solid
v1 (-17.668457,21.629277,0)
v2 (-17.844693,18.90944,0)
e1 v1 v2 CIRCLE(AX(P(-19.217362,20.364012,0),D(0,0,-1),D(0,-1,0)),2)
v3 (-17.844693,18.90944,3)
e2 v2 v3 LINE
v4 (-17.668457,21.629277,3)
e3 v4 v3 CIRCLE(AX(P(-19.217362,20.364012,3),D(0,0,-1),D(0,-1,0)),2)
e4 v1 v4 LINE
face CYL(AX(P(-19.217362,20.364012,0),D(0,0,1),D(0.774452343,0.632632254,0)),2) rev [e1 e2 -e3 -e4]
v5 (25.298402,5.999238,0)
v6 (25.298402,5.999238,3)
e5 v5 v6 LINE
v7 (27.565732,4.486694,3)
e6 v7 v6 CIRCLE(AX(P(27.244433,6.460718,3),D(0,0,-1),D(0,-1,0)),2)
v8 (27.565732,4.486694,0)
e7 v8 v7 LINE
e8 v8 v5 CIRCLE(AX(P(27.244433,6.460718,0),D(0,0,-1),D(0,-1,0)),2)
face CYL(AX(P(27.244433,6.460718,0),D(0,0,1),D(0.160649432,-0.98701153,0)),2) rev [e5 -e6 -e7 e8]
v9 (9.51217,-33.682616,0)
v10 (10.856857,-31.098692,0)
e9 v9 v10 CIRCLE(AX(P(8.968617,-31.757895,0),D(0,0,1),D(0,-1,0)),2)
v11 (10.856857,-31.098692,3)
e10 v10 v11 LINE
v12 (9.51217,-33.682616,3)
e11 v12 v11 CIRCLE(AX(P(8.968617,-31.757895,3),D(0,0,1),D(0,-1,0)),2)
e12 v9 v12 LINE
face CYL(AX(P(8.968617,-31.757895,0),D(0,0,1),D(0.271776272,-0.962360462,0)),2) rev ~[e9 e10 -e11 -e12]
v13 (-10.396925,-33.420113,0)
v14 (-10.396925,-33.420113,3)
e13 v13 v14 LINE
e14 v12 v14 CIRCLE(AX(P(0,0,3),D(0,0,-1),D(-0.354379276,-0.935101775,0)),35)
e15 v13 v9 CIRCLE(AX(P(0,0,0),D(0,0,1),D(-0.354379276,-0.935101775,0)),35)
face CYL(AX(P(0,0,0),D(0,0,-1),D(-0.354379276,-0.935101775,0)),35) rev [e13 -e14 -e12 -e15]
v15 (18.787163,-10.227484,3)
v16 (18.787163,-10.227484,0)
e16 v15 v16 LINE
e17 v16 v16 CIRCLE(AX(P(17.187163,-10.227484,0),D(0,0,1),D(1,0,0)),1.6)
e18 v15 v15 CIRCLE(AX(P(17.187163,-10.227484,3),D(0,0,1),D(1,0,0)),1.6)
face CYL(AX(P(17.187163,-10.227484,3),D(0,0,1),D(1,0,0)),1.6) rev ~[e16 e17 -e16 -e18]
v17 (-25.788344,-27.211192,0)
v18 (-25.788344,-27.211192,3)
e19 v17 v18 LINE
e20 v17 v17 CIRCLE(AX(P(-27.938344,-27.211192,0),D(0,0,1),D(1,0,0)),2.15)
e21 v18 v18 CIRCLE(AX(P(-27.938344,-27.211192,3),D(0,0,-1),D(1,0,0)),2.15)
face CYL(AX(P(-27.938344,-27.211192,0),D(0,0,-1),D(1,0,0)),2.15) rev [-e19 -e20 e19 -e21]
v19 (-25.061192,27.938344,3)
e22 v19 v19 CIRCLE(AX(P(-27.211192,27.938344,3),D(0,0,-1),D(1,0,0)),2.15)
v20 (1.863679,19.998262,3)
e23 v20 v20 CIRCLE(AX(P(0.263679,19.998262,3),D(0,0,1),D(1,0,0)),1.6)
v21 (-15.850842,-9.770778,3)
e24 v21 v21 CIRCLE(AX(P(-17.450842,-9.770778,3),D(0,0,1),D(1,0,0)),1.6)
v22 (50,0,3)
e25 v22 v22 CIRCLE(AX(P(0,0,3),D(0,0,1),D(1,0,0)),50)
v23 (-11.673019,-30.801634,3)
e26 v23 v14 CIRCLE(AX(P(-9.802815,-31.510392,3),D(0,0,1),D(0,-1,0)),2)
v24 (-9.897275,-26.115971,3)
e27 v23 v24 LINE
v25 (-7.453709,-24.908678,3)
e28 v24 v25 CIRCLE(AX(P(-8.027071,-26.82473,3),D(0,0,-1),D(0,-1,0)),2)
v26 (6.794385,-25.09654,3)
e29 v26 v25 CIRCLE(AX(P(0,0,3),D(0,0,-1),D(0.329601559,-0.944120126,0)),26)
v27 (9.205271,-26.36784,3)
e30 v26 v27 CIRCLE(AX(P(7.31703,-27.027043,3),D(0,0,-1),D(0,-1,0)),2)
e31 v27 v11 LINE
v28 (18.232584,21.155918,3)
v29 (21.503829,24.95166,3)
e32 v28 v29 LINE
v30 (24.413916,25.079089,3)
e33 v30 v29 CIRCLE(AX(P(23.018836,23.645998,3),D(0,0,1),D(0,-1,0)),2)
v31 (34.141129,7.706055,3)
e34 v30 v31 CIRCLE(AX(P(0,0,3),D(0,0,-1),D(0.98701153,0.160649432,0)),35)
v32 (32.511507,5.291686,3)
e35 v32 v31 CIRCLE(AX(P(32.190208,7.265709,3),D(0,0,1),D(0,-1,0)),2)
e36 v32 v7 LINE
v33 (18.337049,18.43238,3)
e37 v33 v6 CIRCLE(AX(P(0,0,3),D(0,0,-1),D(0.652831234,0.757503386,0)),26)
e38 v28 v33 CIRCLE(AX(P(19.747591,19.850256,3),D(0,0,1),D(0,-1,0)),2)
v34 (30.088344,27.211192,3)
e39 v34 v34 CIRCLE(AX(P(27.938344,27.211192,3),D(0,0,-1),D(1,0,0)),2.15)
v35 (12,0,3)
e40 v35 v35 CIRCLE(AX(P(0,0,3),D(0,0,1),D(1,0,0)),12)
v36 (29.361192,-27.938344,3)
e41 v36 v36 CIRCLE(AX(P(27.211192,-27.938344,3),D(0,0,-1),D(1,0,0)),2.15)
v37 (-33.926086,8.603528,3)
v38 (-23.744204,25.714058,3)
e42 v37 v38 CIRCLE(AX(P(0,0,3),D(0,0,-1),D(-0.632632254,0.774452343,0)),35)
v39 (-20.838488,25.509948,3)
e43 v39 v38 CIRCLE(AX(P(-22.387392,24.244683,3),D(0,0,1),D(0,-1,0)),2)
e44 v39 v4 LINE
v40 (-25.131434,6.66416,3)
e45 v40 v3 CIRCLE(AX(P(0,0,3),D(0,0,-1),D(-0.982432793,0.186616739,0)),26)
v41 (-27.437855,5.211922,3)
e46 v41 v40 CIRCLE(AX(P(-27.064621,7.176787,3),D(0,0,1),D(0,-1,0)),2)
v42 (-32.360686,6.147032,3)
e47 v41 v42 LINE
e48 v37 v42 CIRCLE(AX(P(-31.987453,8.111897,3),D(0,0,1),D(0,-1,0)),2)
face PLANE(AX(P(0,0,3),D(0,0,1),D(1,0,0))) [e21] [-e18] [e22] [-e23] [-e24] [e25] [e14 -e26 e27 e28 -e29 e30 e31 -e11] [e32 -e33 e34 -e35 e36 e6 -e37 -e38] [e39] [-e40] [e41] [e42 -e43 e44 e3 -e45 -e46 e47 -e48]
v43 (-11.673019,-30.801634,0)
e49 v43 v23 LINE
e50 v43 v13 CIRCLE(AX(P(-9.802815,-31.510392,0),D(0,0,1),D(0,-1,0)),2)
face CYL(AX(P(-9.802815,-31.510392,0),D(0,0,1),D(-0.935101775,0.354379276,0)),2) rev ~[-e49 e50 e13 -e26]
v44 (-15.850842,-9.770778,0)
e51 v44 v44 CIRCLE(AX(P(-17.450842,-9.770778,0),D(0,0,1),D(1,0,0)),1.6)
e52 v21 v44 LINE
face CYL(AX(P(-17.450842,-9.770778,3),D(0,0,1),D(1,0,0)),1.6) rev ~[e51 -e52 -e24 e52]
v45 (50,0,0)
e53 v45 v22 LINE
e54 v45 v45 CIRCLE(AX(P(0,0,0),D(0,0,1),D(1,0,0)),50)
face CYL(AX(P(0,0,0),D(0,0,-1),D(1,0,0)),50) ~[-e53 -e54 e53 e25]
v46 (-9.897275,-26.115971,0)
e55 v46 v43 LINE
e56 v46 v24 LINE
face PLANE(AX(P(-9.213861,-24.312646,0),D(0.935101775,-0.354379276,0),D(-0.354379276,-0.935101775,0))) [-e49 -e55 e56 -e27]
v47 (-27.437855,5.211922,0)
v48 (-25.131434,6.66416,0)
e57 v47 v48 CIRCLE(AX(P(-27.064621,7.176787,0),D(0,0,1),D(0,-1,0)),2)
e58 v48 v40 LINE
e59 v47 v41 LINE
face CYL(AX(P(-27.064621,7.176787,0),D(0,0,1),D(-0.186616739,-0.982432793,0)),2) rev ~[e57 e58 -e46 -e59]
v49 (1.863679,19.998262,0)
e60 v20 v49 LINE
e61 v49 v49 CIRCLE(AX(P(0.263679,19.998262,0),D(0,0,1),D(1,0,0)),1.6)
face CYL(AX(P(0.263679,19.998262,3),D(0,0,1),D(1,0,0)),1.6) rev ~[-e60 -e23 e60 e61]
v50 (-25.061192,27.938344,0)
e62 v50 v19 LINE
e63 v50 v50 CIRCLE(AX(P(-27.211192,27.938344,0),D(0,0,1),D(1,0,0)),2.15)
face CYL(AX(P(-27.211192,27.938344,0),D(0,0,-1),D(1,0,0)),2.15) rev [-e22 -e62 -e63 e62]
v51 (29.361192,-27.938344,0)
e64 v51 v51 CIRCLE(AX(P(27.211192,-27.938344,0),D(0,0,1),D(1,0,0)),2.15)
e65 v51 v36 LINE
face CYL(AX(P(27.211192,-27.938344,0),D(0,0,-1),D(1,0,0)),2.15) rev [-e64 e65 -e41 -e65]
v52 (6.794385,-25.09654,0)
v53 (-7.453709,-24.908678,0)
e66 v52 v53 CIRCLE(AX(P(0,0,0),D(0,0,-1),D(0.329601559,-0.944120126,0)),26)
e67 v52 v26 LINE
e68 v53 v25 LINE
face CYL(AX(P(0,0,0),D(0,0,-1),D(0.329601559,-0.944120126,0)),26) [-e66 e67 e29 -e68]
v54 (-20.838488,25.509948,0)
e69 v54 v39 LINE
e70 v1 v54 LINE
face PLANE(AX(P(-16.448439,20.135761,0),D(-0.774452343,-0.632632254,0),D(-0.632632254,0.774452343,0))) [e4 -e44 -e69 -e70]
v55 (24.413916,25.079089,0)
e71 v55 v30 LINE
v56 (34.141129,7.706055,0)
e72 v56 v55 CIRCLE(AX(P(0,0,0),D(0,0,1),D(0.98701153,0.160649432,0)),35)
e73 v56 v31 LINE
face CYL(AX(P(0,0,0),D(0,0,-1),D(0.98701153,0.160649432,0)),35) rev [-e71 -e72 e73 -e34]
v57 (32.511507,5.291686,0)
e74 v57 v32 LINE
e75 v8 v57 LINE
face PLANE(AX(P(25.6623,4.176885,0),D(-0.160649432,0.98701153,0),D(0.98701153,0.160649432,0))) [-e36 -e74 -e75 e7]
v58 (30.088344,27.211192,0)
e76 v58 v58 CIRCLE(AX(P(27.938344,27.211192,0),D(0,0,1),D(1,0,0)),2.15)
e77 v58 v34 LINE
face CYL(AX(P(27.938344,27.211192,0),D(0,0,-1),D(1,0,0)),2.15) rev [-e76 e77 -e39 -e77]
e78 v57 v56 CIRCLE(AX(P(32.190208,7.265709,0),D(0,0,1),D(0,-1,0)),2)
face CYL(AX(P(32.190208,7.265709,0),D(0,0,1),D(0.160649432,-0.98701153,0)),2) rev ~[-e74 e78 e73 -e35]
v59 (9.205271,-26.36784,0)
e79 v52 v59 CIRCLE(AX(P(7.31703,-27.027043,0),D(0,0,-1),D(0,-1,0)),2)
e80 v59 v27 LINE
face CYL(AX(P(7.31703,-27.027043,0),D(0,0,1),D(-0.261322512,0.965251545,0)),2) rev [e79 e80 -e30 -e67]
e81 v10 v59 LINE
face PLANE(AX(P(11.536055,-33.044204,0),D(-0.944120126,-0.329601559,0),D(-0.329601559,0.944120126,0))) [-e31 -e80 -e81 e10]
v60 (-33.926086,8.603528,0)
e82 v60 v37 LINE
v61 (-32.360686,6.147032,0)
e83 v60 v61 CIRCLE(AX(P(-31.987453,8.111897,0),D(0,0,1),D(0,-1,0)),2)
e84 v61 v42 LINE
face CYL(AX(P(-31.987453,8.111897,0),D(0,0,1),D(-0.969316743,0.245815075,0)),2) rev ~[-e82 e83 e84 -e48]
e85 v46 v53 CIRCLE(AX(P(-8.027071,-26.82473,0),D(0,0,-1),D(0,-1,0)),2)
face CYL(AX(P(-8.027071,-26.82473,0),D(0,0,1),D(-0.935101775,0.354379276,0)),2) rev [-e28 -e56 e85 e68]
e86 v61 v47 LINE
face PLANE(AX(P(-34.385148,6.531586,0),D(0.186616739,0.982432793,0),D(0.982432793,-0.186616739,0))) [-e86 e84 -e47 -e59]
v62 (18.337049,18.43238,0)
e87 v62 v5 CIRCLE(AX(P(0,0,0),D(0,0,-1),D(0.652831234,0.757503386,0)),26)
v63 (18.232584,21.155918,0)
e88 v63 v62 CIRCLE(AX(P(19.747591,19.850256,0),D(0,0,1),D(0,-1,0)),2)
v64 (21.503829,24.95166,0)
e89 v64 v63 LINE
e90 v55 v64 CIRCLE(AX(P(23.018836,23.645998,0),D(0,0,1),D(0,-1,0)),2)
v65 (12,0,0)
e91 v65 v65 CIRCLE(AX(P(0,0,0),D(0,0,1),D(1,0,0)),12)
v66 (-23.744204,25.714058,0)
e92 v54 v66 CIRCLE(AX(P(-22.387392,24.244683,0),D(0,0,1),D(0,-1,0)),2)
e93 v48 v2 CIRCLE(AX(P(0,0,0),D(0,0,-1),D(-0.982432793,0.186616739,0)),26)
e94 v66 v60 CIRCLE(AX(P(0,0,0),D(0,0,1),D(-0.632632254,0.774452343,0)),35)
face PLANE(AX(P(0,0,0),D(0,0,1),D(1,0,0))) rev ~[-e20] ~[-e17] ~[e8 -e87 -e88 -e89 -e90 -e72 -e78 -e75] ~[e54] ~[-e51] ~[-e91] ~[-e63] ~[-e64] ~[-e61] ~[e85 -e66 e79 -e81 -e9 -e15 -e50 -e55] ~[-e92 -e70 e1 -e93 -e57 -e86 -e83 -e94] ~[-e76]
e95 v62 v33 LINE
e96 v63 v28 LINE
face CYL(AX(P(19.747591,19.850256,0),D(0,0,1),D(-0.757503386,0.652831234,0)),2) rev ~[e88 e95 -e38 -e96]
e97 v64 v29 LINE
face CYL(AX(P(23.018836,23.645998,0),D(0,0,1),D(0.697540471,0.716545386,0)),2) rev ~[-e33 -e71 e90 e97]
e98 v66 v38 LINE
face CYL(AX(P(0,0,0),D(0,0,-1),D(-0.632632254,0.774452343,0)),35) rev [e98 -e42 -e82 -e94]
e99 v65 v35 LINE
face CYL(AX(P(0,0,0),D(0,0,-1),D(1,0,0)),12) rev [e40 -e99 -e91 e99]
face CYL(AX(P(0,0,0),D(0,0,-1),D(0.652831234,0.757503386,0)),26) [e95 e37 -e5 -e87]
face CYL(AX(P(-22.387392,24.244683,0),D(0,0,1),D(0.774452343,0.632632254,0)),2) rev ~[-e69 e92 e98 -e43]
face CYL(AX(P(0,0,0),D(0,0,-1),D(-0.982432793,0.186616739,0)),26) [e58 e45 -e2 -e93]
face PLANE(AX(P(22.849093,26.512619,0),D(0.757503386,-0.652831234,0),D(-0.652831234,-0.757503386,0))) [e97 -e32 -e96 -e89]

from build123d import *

# Parameters (mm, degrees)
SKETCH_1_R                       = 50
SKETCH_1_R_2                     = 12
EXTRUDE_1_DEPTH                  = 3
SKETCH_2_R                       = 1.6
CUT_EXTRUDE_1_DEPTH              = 71.774289117
CUT_EXTRUDE_3_DEPTH              = 71.774289117
FILLET_1_R                       = 2
PATTERN_CIRCULAR_2_COUNT         = 3
FILLET_1_OF_PATTERN_CIRCULAR_2_R = 2
SKETCH_5_R                       = 2.15
CUT_EXTRUDE_4_DEPTH              = 10


with BuildPart() as part:
    # 草图1 → 凸台-拉伸1 (new body)
    with BuildSketch(Plane.XY):
        Circle(SKETCH_1_R)
        Circle(SKETCH_1_R_2, mode=Mode.SUBTRACT)
    extrude(amount=EXTRUDE_1_DEPTH)

    # 草图2 → 切除-拉伸1 (cut, through all)
    with BuildSketch(Plane.XY.offset(3)):
        with Locations((0.263678953, 19.99826176)):
            Circle(SKETCH_2_R)
        with Locations((17.187163239, -10.227483551)):
            Circle(SKETCH_2_R)
        with Locations((-17.450842192, -9.770778208)):
            Circle(SKETCH_2_R)
    extrude(amount=-CUT_EXTRUDE_1_DEPTH, mode=Mode.SUBTRACT)

    # 草图4 → 切除-拉伸3 (cut, through all)
    with BuildSketch(Plane(origin=(0, 0, 0), x_dir=(-1, 0, 0), z_dir=(0, 0, -1))):
        with BuildLine():
            Line((16.448438601, 20.135760914), (22.142128886, 27.105831999))
            ThreePointArc((22.142128886, 27.105831999), (30.077535668, 17.898096215), (34.385147752, 6.531585879))
            Line((34.385147752, 6.531585879), (25.543252616, 4.852035224))
            ThreePointArc((25.543252616, 4.852035224), (22.343312211, 13.295728617), (16.448438601, 20.135760914))
        make_face()
    cut_extrude_3 = extrude(amount=-CUT_EXTRUDE_3_DEPTH, mode=Mode.SUBTRACT)

    # 圆角1
    fillet_1_edges = [part.edges().sort_by_distance(p)[0] for p in [
        (-25.543252616, 4.852035224, 1.5),
        (-16.448438601, 20.135760914, 1.5),
        (-22.142128886, 27.105831999, 1.5),
        (-34.385147752, 6.531585879, 1.5),
    ]]
    fillet(fillet_1_edges, radius=FILLET_1_R)

    # 阵列(圆周)2: 切除-拉伸3 ×3 about axis
    pattern_circular_2_axis = Axis((0, 0, 0), (0, 0, 1))
    for i in range(1, PATTERN_CIRCULAR_2_COUNT):
        add(cut_extrude_3.rotate(pattern_circular_2_axis, i * 360 / PATTERN_CIRCULAR_2_COUNT), mode=Mode.SUBTRACT)

    # 圆角1 of 阵列(圆周)2
    fillet_1_of_pattern_circular_2_edges = [part.edges().sort_by_distance(p)[0] for p in [
        (8.569640543, -24.547123273, 1.5),
        (-9.213861175, -24.312646138, 1.5),
        (-12.403274659, -32.728562109, 1.5),
        (11.536054578, -33.044204405, 1.5),
        (16.973612072, 19.695088048, 1.5),
        (25.662299777, 4.176885224, 1.5),
        (34.545403545, 5.62273011, 1.5),
        (22.849093174, 26.512618526, 1.5),
    ]]
    fillet(fillet_1_of_pattern_circular_2_edges, radius=FILLET_1_OF_PATTERN_CIRCULAR_2_R)

    # 草图5 → 切除-拉伸4 (cut)
    with BuildSketch(Plane.XY):
        with Locations((27.938343572, 27.211191787)):
            Circle(SKETCH_5_R)
        with Locations((27.211191787, -27.938343572)):
            Circle(SKETCH_5_R)
        with Locations((-27.938343572, -27.211191787)):
            Circle(SKETCH_5_R)
        with Locations((-27.211191787, 27.938343572)):
            Circle(SKETCH_5_R)
    extrude(amount=CUT_EXTRUDE_4_DEPTH, mode=Mode.SUBTRACT)


solid = part.part
